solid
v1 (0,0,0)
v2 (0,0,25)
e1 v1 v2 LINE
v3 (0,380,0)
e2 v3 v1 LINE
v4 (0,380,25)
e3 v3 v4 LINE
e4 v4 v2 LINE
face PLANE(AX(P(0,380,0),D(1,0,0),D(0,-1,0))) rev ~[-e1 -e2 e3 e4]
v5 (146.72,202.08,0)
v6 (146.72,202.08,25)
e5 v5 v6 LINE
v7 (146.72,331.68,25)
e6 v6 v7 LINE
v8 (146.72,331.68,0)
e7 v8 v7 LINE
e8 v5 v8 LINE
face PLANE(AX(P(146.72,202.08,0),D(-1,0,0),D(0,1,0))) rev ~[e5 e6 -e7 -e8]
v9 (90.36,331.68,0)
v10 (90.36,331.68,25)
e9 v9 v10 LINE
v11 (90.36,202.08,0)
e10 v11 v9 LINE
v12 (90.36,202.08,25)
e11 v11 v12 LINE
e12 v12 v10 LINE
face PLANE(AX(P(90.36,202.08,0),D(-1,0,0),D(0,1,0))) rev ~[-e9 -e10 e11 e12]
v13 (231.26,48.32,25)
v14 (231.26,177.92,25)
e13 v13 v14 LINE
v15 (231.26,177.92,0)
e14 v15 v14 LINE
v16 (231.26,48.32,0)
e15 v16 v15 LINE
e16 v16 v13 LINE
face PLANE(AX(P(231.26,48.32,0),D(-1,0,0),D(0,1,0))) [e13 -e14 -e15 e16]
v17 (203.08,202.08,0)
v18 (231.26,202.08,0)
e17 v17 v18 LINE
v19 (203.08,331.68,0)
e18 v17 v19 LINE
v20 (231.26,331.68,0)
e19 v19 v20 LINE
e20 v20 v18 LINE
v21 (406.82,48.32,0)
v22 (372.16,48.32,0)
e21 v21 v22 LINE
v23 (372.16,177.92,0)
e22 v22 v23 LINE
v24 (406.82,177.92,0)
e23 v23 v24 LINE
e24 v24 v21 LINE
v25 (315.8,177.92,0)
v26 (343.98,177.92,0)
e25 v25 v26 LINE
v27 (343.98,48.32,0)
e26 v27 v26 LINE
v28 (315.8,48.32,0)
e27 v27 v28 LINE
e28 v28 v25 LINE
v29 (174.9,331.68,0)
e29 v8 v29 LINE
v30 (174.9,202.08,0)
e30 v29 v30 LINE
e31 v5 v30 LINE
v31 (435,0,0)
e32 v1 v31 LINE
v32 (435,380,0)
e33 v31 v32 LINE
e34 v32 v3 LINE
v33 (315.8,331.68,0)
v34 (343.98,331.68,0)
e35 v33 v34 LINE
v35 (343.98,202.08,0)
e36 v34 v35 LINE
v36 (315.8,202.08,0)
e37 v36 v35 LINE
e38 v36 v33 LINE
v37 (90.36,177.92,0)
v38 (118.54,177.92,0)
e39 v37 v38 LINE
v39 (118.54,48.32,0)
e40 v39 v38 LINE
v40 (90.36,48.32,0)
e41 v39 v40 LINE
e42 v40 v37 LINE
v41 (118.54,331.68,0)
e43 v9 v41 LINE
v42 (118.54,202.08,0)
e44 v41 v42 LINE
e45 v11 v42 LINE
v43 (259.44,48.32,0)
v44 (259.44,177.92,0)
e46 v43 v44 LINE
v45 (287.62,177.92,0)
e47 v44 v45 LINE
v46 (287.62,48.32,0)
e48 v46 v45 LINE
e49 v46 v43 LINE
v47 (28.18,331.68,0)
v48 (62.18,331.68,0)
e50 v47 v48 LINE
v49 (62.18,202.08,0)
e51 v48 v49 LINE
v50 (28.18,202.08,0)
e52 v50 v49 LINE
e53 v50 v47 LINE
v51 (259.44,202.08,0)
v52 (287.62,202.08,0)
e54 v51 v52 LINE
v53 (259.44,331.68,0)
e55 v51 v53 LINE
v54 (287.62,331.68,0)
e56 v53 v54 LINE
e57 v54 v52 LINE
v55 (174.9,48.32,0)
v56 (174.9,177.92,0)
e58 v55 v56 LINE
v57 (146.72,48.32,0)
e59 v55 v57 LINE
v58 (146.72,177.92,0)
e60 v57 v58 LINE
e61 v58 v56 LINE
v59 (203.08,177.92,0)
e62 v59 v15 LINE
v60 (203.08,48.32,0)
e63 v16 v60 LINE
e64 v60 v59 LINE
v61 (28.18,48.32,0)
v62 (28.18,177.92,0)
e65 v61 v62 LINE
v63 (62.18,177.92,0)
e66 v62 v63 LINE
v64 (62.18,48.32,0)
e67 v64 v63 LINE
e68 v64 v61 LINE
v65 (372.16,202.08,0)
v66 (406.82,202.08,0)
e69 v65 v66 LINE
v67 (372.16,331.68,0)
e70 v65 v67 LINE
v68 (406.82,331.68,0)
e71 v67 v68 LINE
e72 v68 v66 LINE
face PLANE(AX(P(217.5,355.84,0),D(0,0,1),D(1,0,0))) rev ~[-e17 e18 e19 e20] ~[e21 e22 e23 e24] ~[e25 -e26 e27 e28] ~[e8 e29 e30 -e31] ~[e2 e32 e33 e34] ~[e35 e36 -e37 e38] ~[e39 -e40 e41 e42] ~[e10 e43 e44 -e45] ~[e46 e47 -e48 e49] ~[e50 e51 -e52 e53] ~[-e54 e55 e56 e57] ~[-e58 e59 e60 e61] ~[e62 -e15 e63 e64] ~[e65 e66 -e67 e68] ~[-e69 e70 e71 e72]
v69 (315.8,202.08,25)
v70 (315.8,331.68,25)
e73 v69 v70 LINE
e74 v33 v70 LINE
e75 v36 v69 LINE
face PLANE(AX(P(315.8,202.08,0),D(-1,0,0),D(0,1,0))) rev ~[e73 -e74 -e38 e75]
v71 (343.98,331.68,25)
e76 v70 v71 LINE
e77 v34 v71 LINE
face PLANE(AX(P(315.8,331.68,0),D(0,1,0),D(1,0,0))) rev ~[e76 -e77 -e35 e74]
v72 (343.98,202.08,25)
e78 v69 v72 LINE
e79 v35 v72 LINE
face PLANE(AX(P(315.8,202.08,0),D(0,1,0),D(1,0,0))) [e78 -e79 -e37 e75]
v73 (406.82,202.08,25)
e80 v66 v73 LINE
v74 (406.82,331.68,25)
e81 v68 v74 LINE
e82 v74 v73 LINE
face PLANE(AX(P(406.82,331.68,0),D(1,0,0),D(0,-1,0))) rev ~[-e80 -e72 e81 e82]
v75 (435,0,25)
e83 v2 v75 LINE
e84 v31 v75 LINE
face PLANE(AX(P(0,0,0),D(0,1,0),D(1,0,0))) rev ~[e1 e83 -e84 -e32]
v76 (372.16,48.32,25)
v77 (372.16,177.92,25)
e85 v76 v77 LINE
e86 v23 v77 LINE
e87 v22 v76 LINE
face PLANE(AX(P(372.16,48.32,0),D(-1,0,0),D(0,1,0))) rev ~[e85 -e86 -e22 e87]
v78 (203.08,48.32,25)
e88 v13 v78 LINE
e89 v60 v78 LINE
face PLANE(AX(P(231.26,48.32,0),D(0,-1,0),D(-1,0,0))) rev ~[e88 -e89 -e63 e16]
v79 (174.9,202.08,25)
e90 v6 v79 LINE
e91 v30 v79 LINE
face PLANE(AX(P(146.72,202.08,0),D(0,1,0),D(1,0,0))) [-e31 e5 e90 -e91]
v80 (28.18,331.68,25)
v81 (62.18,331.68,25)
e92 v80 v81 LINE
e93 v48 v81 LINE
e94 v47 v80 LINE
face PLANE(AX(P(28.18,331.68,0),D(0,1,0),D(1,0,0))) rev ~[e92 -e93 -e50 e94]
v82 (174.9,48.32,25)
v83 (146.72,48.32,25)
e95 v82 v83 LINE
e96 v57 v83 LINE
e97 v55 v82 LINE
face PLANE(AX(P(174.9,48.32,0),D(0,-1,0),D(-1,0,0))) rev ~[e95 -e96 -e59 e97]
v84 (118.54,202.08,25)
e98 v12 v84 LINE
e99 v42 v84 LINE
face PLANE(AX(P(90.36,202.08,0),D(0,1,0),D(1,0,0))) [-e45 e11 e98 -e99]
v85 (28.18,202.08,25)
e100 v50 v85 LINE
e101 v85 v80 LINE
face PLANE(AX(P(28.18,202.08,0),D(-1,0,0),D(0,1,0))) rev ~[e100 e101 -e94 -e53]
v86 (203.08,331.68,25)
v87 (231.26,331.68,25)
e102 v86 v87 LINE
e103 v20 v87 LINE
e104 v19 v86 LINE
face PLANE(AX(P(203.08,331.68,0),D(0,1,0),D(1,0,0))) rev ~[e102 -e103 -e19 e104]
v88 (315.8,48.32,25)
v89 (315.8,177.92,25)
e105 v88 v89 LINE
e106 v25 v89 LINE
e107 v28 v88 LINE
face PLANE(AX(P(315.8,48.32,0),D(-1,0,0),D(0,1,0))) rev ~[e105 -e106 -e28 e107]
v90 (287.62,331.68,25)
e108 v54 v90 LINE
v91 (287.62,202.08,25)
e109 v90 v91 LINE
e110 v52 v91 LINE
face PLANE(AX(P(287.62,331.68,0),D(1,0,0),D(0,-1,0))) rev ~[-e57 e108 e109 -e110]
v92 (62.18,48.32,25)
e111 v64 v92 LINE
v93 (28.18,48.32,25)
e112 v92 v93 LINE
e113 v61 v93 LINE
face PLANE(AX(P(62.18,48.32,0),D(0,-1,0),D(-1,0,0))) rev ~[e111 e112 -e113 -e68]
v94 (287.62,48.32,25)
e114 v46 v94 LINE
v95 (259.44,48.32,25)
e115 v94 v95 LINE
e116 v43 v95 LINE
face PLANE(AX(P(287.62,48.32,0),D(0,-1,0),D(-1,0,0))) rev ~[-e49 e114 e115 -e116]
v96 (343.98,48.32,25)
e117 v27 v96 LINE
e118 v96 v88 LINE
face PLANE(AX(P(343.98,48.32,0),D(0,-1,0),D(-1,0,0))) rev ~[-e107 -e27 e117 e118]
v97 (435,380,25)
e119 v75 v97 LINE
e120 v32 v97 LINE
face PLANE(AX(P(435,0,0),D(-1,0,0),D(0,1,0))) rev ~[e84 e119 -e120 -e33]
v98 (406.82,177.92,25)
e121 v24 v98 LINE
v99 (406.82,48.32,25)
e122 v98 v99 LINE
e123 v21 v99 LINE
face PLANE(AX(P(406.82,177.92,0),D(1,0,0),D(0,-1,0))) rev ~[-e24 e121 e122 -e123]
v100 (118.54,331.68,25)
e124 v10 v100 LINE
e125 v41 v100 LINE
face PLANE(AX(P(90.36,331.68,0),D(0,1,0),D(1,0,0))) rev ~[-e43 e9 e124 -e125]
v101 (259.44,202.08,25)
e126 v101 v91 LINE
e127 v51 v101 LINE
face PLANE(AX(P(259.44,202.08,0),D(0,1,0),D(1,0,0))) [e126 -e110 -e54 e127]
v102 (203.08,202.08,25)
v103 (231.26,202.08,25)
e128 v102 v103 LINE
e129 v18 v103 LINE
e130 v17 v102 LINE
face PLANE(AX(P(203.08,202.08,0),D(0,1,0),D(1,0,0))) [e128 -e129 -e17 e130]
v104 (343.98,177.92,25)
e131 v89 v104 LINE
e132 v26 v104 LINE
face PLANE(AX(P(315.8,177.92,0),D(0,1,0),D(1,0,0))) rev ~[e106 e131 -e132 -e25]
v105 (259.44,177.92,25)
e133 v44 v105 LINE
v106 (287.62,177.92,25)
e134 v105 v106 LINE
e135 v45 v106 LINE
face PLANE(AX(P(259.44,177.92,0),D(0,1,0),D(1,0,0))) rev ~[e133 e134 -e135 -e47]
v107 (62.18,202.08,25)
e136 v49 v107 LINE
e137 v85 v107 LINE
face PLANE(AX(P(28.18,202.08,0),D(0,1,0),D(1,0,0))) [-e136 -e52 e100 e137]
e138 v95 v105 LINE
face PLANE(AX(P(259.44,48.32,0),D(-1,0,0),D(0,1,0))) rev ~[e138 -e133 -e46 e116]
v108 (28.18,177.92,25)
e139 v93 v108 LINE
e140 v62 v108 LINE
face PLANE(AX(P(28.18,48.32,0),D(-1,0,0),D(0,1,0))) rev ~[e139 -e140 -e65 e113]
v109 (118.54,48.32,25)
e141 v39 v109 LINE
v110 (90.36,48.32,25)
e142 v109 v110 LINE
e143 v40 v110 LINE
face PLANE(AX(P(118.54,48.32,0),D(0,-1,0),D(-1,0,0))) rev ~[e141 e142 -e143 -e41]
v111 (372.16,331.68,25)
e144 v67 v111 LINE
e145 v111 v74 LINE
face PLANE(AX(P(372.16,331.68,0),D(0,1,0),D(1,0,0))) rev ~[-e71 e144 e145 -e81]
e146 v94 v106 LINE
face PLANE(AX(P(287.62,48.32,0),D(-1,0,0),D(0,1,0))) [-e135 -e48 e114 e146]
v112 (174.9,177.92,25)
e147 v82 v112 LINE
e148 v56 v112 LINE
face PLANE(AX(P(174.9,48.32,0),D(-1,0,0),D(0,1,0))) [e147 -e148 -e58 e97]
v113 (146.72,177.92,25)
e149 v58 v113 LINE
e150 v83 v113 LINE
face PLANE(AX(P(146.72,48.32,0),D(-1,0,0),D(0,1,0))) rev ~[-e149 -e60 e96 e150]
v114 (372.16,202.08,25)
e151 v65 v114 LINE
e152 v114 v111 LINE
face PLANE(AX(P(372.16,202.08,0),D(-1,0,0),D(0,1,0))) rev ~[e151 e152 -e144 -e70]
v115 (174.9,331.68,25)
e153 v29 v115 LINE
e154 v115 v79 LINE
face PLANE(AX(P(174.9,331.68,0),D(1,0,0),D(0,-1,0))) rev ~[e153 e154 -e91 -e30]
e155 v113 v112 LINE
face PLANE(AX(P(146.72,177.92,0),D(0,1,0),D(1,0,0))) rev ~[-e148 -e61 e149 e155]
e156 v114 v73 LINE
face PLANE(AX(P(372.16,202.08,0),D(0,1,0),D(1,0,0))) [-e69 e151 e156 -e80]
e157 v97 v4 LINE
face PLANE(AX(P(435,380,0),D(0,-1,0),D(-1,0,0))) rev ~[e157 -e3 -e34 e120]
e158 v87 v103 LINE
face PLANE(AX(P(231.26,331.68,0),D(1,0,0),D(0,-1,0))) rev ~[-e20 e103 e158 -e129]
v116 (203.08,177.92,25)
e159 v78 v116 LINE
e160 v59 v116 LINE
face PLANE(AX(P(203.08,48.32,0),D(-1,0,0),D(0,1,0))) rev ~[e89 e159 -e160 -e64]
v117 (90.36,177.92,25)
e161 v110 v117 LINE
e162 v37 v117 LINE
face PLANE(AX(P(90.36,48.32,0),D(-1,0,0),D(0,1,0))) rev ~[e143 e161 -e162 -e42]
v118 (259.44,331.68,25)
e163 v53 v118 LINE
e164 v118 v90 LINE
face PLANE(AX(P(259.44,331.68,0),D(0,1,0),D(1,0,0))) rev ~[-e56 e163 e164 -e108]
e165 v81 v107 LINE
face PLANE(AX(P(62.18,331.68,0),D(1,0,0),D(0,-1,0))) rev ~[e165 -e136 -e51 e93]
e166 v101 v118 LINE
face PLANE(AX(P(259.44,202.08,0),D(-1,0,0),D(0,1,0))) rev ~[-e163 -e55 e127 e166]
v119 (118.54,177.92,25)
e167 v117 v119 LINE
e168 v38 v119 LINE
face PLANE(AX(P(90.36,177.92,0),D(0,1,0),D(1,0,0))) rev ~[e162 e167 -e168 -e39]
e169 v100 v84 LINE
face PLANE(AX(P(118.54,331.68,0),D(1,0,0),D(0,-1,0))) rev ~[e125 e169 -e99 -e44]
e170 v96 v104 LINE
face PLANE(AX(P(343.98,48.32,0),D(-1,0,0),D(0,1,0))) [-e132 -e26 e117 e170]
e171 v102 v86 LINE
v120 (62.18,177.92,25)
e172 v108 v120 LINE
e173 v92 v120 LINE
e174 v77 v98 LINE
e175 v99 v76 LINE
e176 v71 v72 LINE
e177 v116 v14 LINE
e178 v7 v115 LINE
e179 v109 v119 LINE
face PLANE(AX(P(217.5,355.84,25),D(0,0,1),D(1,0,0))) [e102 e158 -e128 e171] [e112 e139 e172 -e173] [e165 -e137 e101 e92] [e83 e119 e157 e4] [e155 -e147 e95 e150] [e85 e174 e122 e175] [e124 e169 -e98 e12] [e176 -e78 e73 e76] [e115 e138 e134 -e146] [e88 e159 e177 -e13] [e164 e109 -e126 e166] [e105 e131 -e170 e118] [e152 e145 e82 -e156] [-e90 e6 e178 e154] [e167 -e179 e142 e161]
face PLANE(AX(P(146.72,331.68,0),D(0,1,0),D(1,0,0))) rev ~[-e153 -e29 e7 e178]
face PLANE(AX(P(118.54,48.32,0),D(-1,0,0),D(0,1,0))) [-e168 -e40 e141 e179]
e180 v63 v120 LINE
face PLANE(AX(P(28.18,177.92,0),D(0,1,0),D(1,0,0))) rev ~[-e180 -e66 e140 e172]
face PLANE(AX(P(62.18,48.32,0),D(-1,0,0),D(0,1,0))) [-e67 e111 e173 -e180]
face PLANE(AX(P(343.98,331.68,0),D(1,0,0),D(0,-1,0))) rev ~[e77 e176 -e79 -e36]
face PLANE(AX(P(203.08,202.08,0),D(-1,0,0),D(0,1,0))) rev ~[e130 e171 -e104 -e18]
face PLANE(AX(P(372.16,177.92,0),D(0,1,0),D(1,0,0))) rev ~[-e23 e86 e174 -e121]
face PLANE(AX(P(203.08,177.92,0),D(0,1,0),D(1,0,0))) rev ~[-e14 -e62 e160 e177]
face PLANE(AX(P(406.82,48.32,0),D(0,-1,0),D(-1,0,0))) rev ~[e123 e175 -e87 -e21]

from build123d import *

# Parameters (mm, degrees)
F0_W     = 28.18
F0_H     = 129.6
F0_W_2   = 34.66
F0_H_2   = 24.16
F0_W_3   = 34
F1_DEPTH = 25


with BuildPart() as f1:
    # F0 (on Top) → F1 (new body)
    with BuildSketch(Plane.XY):
        Polygon((0, 380), (0, 331.68), (28.18, 331.68), (36.34, 331.68), (62.18, 331.68), (90.36, 331.68), (118.54, 331.68), (146.72, 331.68), (174.9, 331.68), (203.08, 331.68), (231.26, 331.68), (259.44, 331.68), (287.62, 331.68), (315.8, 331.68), (343.98, 331.68), (372.16, 331.68), (398.66, 331.68), (406.82, 331.68), (435, 331.68), (435, 380), align=None)
        with Locations((14.09, 266.88)):
            Rectangle(F0_W, F0_H)
        with Locations((76.27, 266.88)):
            Rectangle(F0_W, F0_H)
        with Locations((132.63, 266.88)):
            Rectangle(F0_W, F0_H)
        with Locations((188.99, 266.88)):
            Rectangle(F0_W, F0_H)
        with Locations((245.35, 266.88)):
            Rectangle(F0_W, F0_H)
        with Locations((301.71, 266.88)):
            Rectangle(F0_W, F0_H)
        with Locations((358.07, 266.88)):
            Rectangle(F0_W, F0_H)
        with Locations((420.91, 266.88)):
            Rectangle(F0_W, F0_H)
        Polygon((406.82, 177.92), (435, 177.7537763119), (435, 202.08), (406.82, 202.08), align=None)
        with Locations((389.49, 190)):
            Rectangle(F0_W_2, F0_H_2)
        with Locations((358.07, 190)):
            Rectangle(F0_W, F0_H_2)
        with Locations((329.89, 190)):
            Rectangle(F0_W, F0_H_2)
        with Locations((301.71, 190)):
            Rectangle(F0_W, F0_H_2)
        with Locations((273.53, 190)):
            Rectangle(F0_W, F0_H_2)
        with Locations((245.35, 190)):
            Rectangle(F0_W, F0_H_2)
        with Locations((217.17, 190)):
            Rectangle(F0_W, F0_H_2)
        with Locations((188.99, 190)):
            Rectangle(F0_W, F0_H_2)
        with Locations((160.81, 190)):
            Rectangle(F0_W, F0_H_2)
        with Locations((132.63, 190)):
            Rectangle(F0_W, F0_H_2)
        with Locations((104.45, 190)):
            Rectangle(F0_W, F0_H_2)
        with Locations((76.27, 190)):
            Rectangle(F0_W, F0_H_2)
        with Locations((45.18, 190)):
            Rectangle(F0_W_3, F0_H_2)
        with Locations((14.09, 190)):
            Rectangle(F0_W, F0_H_2)
        with Locations((14.09, 113.12)):
            Rectangle(F0_W, F0_H)
        with Locations((76.27, 113.12)):
            Rectangle(F0_W, F0_H)
        with Locations((132.63, 113.12)):
            Rectangle(F0_W, F0_H)
        with Locations((188.99, 113.12)):
            Rectangle(F0_W, F0_H)
        with Locations((245.35, 113.12)):
            Rectangle(F0_W, F0_H)
        with Locations((301.71, 113.12)):
            Rectangle(F0_W, F0_H)
        with Locations((358.07, 113.12)):
            Rectangle(F0_W, F0_H)
        Polygon((406.82, 48.32), (435, 48.32), (435, 177.7537763119), (406.82, 177.92), align=None)
        Polygon((0, 48.32), (0, 0), (435, 0), (435, 48.32), (406.82, 48.32), (372.16, 48.32), (343.98, 48.32), (315.8, 48.32), (287.62, 48.32), (259.44, 48.32), (231.26, 48.32), (203.08, 48.32), (174.9, 48.32), (146.72, 48.32), (118.54, 48.32), (90.36, 48.32), (62.18, 48.32), (28.18, 48.32), align=None)
    extrude(amount=F1_DEPTH)


solid = f1.part
